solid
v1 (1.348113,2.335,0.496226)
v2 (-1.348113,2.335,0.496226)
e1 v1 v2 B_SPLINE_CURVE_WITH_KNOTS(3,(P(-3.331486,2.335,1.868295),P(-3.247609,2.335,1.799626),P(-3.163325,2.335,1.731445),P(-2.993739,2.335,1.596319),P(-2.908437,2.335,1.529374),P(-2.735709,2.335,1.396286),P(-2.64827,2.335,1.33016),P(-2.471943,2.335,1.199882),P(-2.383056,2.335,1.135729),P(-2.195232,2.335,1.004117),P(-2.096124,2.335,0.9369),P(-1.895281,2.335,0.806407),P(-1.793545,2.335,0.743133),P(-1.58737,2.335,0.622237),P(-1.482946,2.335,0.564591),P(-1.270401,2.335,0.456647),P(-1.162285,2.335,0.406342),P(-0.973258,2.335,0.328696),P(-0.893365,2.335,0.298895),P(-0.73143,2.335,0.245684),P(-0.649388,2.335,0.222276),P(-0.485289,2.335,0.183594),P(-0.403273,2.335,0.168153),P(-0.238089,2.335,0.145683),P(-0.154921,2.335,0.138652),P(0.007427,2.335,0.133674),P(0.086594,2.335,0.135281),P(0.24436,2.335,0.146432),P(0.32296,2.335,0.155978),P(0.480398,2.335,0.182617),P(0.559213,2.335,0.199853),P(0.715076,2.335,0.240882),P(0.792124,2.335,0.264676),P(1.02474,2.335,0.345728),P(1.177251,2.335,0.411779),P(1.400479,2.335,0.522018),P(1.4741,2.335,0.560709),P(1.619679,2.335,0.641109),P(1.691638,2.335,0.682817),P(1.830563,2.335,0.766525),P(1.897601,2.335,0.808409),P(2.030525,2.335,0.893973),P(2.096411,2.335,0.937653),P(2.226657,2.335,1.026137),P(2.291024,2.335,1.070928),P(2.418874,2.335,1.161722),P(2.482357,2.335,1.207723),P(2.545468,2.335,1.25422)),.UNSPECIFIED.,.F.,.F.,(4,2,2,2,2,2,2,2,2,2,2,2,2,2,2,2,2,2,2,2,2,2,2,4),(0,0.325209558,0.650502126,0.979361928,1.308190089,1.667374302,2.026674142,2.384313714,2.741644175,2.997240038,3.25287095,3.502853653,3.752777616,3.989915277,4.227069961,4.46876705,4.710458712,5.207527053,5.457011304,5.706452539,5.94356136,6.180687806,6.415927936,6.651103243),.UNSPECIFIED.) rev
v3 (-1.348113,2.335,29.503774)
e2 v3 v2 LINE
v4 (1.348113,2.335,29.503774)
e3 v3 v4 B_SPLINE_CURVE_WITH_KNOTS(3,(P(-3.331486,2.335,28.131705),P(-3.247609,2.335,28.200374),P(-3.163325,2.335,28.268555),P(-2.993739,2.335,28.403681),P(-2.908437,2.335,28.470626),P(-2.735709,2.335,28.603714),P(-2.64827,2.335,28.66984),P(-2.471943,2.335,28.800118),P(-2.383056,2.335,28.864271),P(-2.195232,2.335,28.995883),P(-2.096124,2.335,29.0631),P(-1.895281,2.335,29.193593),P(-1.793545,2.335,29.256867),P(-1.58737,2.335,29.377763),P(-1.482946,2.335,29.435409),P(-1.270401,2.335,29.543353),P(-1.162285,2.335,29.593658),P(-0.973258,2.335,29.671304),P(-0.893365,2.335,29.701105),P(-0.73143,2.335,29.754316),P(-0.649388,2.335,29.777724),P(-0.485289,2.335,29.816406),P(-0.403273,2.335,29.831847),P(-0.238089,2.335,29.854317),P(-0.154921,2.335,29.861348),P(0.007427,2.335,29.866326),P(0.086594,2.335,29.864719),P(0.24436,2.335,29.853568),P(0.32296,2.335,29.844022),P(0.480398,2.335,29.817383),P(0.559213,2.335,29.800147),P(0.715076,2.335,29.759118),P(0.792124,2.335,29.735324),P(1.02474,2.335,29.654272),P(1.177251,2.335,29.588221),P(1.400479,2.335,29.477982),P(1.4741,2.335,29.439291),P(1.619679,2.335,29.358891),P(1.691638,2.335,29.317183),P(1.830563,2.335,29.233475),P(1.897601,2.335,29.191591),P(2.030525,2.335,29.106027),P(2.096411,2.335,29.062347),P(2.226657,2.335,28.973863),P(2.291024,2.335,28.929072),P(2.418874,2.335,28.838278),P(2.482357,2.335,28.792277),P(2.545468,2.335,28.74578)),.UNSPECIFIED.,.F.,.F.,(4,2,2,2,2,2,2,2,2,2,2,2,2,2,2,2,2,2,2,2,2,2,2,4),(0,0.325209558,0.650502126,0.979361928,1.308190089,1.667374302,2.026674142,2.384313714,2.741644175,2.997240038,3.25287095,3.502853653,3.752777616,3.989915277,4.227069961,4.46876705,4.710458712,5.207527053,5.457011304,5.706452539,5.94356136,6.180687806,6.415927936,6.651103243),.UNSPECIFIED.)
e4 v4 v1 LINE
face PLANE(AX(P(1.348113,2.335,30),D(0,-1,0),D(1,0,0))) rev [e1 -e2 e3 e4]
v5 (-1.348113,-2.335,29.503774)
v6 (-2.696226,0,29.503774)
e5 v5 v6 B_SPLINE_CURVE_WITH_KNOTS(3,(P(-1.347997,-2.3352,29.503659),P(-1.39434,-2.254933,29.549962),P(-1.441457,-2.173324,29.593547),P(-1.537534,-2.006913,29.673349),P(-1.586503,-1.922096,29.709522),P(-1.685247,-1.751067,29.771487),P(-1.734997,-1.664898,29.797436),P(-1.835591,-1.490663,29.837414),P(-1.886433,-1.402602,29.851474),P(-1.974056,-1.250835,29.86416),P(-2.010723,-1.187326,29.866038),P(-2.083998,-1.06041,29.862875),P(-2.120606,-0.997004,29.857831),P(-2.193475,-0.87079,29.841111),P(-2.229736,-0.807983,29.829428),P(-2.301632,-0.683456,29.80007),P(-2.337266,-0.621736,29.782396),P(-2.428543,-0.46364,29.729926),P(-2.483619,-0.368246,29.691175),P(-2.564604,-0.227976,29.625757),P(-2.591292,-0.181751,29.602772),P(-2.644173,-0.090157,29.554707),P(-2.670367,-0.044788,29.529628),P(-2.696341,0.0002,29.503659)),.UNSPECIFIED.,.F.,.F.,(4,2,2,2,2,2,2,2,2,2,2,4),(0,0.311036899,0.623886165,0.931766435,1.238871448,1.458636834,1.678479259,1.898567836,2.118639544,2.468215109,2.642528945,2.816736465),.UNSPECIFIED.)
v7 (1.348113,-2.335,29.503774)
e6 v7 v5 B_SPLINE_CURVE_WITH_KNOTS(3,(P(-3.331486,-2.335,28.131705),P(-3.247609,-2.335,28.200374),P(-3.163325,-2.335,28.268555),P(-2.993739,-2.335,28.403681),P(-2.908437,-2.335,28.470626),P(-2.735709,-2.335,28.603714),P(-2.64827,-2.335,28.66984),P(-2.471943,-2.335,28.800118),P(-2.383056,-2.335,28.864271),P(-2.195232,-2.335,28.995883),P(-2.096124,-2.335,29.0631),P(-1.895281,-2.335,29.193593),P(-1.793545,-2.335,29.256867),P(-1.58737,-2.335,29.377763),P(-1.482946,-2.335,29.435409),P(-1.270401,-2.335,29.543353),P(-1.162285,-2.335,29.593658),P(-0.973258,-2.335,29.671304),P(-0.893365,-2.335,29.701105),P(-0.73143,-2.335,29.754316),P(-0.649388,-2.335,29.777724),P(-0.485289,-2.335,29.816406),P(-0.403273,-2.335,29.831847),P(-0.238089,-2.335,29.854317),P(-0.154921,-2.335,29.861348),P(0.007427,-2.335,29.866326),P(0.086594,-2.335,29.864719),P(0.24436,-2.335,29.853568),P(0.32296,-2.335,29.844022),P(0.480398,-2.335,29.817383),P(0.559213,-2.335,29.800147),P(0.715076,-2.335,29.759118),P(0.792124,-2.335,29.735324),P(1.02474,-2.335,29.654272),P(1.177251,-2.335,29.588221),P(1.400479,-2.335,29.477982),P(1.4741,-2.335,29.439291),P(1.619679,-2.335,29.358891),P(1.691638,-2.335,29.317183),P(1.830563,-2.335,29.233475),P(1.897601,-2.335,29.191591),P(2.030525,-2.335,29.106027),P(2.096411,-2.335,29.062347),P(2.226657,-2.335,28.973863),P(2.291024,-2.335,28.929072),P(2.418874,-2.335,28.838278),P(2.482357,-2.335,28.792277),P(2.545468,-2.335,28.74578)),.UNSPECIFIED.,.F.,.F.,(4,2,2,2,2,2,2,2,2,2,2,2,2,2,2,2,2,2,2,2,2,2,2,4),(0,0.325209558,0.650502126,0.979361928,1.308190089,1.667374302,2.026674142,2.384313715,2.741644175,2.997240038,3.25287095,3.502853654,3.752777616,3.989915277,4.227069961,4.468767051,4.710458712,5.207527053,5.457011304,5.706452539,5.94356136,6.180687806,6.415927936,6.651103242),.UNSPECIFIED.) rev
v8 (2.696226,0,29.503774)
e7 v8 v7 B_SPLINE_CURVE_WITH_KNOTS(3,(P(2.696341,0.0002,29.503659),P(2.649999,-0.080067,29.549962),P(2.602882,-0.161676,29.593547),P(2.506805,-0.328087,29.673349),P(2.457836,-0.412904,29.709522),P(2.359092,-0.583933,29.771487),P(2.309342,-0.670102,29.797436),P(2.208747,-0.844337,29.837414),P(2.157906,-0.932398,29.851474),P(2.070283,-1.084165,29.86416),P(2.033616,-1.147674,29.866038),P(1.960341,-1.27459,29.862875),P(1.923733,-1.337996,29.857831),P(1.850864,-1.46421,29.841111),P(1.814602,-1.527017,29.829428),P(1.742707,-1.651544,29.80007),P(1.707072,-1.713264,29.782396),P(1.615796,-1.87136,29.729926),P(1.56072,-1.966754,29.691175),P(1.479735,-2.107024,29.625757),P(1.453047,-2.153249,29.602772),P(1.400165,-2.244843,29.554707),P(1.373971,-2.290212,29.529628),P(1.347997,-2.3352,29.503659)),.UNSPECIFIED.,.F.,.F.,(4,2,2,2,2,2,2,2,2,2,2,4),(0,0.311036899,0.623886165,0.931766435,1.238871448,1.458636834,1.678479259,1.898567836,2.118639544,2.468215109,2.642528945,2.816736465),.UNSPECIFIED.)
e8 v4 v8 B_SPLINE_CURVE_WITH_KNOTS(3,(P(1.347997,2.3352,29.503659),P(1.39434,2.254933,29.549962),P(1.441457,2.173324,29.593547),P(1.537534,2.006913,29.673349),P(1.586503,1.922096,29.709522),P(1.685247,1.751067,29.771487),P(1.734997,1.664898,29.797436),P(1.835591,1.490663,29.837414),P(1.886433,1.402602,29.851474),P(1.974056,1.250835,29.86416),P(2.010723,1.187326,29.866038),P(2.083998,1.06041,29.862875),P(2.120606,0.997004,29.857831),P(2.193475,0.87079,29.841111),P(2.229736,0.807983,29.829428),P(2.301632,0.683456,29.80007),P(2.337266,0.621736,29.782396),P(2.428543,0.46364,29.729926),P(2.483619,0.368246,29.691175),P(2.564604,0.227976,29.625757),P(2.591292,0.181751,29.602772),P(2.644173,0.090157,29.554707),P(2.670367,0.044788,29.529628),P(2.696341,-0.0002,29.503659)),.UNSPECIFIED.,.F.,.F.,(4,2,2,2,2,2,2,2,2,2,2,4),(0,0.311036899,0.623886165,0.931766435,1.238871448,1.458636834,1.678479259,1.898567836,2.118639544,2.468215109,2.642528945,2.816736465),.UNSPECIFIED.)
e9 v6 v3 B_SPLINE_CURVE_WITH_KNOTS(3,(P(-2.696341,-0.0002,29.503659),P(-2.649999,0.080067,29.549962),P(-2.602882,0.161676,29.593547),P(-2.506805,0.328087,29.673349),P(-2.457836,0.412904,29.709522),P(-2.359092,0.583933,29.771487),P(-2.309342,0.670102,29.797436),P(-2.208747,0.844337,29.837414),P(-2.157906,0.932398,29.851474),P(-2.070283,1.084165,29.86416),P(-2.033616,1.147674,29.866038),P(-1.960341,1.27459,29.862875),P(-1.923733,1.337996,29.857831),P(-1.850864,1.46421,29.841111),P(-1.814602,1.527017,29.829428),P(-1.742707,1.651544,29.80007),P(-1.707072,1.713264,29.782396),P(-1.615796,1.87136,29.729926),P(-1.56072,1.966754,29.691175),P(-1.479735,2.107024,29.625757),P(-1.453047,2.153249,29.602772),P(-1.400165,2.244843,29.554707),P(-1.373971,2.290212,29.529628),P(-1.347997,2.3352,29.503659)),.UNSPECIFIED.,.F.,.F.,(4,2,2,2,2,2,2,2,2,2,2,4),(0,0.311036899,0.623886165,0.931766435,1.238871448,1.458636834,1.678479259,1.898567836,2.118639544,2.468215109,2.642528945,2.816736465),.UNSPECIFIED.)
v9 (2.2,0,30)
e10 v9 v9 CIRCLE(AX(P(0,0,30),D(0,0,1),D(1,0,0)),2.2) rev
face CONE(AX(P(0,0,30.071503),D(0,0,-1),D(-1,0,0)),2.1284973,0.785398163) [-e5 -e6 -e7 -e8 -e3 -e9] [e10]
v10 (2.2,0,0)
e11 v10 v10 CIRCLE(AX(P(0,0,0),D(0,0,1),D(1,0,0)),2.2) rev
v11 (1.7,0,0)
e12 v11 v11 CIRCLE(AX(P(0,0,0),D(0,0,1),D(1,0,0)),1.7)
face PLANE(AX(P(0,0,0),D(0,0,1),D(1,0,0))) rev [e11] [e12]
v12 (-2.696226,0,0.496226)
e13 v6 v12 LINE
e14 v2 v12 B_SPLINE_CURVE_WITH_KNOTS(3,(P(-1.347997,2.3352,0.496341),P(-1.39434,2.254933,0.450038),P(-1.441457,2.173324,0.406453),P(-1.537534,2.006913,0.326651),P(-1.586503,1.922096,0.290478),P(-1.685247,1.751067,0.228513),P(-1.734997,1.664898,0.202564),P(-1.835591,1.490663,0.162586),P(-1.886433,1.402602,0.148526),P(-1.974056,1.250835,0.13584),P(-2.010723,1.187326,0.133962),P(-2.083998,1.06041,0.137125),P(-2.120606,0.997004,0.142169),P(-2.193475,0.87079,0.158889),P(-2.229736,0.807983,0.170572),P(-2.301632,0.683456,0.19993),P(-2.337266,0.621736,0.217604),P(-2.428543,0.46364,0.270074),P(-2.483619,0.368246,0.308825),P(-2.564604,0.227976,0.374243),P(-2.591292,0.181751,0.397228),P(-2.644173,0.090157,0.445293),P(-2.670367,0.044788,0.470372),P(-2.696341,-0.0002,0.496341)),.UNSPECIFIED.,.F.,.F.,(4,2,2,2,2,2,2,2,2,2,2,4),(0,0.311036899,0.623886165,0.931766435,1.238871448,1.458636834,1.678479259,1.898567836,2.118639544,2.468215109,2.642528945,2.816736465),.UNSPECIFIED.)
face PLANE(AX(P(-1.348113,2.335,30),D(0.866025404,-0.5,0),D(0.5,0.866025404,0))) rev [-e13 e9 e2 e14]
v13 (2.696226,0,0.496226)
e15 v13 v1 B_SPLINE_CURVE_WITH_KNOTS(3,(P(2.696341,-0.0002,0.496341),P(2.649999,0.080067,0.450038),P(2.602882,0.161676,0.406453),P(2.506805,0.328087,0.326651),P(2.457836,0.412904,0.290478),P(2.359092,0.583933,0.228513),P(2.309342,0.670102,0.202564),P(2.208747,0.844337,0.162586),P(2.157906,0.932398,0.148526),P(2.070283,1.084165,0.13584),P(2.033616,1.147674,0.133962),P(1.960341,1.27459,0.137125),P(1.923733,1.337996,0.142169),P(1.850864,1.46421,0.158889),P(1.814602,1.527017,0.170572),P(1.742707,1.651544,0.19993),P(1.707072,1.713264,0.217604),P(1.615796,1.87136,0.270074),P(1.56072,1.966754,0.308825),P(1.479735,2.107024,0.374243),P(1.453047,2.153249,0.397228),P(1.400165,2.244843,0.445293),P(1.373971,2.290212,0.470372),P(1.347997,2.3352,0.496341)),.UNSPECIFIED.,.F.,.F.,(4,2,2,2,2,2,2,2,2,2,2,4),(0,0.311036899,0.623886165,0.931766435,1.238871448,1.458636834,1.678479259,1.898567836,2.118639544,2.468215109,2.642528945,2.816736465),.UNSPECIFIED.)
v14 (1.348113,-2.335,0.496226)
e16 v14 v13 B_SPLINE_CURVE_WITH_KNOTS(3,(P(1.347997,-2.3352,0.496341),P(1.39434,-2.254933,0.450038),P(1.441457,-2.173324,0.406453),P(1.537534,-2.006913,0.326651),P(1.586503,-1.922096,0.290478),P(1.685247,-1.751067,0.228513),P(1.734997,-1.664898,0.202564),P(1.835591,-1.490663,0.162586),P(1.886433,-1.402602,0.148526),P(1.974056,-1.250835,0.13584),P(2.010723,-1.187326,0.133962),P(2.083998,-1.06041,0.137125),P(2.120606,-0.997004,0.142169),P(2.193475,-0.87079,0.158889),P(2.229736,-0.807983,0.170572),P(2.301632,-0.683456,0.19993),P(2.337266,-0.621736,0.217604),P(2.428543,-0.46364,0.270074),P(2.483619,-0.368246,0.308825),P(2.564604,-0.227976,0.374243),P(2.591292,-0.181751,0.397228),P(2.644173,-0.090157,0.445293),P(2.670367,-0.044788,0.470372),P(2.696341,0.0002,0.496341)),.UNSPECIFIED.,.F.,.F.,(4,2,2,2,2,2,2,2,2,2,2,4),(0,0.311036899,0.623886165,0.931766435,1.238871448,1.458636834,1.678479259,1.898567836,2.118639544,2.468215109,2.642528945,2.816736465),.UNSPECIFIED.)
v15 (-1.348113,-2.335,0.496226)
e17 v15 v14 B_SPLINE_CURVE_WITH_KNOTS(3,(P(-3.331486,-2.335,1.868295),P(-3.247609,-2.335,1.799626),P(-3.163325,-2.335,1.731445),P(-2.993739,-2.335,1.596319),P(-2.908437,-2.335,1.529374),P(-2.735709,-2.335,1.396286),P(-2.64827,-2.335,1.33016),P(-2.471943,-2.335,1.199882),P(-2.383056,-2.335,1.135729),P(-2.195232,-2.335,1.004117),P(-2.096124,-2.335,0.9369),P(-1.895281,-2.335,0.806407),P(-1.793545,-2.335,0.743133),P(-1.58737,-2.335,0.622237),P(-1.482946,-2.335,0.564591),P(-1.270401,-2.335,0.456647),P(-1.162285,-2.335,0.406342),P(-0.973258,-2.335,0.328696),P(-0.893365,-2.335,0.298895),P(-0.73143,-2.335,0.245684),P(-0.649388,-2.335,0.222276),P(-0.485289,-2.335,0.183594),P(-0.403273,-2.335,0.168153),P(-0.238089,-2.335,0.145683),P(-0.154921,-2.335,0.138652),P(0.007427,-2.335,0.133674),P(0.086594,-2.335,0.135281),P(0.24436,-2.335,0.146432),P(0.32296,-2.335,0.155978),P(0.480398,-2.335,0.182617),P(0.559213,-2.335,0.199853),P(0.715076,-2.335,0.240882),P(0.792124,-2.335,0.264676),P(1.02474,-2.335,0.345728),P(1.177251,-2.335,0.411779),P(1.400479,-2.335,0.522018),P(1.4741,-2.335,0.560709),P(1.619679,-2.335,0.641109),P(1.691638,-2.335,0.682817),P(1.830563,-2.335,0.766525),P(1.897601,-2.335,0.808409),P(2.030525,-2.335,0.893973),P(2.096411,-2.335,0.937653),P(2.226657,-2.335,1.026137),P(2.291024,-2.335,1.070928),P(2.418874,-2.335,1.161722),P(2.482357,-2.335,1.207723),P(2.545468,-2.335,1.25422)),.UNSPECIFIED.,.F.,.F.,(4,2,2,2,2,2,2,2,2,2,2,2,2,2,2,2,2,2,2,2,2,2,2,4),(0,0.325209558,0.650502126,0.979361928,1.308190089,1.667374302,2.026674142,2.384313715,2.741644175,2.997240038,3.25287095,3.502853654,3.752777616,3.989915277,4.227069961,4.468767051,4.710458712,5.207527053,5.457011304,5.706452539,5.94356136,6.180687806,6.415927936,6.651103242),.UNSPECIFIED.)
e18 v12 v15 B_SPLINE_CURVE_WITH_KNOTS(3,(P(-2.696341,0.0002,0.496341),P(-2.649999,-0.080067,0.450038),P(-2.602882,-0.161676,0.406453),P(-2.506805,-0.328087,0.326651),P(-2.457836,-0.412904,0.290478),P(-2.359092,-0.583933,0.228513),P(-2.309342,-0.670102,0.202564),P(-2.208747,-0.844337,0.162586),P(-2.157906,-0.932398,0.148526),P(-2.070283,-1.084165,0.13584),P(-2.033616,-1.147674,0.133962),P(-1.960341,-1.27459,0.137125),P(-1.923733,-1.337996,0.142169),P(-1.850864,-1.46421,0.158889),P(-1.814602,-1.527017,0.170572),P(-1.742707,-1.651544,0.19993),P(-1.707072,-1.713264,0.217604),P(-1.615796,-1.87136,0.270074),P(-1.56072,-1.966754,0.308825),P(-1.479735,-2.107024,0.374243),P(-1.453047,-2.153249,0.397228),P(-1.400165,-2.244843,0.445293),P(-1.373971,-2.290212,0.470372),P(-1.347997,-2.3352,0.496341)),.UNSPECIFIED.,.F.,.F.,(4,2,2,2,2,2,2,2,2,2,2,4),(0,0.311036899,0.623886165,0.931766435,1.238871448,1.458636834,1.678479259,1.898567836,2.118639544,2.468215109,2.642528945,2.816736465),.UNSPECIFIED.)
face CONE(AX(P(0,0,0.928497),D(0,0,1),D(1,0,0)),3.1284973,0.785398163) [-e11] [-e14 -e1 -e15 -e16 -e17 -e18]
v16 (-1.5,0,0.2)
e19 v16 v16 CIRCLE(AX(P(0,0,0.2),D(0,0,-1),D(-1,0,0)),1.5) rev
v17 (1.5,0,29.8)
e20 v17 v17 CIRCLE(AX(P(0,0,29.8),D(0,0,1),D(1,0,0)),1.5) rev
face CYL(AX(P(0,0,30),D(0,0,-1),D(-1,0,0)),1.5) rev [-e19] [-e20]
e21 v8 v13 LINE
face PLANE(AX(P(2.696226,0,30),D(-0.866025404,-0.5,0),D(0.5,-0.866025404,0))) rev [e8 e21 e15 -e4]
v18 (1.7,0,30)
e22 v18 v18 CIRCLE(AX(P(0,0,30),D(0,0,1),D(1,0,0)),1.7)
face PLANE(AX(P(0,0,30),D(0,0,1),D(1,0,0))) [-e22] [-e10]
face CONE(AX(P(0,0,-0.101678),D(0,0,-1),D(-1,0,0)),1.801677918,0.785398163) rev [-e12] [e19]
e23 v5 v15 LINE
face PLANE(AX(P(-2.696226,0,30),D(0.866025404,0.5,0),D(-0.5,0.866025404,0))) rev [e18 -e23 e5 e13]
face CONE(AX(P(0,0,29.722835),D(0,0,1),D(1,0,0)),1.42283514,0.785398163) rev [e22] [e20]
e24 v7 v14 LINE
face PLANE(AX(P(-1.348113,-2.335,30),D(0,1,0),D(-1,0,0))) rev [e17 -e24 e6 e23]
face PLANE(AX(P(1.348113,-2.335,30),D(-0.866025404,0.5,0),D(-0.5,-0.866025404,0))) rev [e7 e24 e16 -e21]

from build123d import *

# Parameters (mm, degrees)
SKETCH_1_R      = 1.5
EXTRUDE_1_DEPTH = 30


with BuildPart() as part:
    # 草图1 → 凸台-拉伸1 (new body)
    with BuildSketch(Plane.XY):
        Polygon((2.696225757, 0), (1.348112879, 2.335), (-1.348112879, 2.335), (-2.696225757, 0), (-1.348112879, -2.335), (1.348112879, -2.335), align=None)
        Circle(SKETCH_1_R, mode=Mode.SUBTRACT)
    extrude(amount=EXTRUDE_1_DEPTH)

    # 切除-扫描1: sweep along a curve in space
    with BuildLine() as sweep_1_path:
        ThreePointArc((1.5, 0, 0), (1.060660172, 1.060660172, 0), (0, 1.5, 0))
        ThreePointArc((0, 1.5, 0), (-1.060660172, 1.060660172, 0), (-1.5, 0, 0))
        ThreePointArc((-1.5, 0, 0), (-1.060660172, -1.060660172, 0), (0, -1.5, 0))
        ThreePointArc((0, -1.5, 0), (1.060660172, -1.060660172, 0), (1.5, 0, 0))
    # 草图2 → 切除-扫描1 (sweep, cut)
    with BuildSketch(Plane(origin=(0, 0, 0), x_dir=(0, 0, -1), z_dir=(1, 0, 0))):
        Polygon((-0.27716486, 1.42283514), (0.101677918, 1.801677918), (0.101677918, 1.42283514), align=None)
        Polygon((0.0715027, 2.1284973), (-0.9284973, 3.1284973), (0.0715027, 3.1284973), align=None)
        Polygon((-29.72283514, 1.42283514), (-30.101677918, 1.801677918), (-30.101677918, 1.42283514), align=None)
        Polygon((-29.0715027, 3.1284973), (-30.0715027, 3.1284973), (-30.0715027, 2.1284973), align=None)
    sweep(path=sweep_1_path.line, mode=Mode.SUBTRACT)


solid = part.part
